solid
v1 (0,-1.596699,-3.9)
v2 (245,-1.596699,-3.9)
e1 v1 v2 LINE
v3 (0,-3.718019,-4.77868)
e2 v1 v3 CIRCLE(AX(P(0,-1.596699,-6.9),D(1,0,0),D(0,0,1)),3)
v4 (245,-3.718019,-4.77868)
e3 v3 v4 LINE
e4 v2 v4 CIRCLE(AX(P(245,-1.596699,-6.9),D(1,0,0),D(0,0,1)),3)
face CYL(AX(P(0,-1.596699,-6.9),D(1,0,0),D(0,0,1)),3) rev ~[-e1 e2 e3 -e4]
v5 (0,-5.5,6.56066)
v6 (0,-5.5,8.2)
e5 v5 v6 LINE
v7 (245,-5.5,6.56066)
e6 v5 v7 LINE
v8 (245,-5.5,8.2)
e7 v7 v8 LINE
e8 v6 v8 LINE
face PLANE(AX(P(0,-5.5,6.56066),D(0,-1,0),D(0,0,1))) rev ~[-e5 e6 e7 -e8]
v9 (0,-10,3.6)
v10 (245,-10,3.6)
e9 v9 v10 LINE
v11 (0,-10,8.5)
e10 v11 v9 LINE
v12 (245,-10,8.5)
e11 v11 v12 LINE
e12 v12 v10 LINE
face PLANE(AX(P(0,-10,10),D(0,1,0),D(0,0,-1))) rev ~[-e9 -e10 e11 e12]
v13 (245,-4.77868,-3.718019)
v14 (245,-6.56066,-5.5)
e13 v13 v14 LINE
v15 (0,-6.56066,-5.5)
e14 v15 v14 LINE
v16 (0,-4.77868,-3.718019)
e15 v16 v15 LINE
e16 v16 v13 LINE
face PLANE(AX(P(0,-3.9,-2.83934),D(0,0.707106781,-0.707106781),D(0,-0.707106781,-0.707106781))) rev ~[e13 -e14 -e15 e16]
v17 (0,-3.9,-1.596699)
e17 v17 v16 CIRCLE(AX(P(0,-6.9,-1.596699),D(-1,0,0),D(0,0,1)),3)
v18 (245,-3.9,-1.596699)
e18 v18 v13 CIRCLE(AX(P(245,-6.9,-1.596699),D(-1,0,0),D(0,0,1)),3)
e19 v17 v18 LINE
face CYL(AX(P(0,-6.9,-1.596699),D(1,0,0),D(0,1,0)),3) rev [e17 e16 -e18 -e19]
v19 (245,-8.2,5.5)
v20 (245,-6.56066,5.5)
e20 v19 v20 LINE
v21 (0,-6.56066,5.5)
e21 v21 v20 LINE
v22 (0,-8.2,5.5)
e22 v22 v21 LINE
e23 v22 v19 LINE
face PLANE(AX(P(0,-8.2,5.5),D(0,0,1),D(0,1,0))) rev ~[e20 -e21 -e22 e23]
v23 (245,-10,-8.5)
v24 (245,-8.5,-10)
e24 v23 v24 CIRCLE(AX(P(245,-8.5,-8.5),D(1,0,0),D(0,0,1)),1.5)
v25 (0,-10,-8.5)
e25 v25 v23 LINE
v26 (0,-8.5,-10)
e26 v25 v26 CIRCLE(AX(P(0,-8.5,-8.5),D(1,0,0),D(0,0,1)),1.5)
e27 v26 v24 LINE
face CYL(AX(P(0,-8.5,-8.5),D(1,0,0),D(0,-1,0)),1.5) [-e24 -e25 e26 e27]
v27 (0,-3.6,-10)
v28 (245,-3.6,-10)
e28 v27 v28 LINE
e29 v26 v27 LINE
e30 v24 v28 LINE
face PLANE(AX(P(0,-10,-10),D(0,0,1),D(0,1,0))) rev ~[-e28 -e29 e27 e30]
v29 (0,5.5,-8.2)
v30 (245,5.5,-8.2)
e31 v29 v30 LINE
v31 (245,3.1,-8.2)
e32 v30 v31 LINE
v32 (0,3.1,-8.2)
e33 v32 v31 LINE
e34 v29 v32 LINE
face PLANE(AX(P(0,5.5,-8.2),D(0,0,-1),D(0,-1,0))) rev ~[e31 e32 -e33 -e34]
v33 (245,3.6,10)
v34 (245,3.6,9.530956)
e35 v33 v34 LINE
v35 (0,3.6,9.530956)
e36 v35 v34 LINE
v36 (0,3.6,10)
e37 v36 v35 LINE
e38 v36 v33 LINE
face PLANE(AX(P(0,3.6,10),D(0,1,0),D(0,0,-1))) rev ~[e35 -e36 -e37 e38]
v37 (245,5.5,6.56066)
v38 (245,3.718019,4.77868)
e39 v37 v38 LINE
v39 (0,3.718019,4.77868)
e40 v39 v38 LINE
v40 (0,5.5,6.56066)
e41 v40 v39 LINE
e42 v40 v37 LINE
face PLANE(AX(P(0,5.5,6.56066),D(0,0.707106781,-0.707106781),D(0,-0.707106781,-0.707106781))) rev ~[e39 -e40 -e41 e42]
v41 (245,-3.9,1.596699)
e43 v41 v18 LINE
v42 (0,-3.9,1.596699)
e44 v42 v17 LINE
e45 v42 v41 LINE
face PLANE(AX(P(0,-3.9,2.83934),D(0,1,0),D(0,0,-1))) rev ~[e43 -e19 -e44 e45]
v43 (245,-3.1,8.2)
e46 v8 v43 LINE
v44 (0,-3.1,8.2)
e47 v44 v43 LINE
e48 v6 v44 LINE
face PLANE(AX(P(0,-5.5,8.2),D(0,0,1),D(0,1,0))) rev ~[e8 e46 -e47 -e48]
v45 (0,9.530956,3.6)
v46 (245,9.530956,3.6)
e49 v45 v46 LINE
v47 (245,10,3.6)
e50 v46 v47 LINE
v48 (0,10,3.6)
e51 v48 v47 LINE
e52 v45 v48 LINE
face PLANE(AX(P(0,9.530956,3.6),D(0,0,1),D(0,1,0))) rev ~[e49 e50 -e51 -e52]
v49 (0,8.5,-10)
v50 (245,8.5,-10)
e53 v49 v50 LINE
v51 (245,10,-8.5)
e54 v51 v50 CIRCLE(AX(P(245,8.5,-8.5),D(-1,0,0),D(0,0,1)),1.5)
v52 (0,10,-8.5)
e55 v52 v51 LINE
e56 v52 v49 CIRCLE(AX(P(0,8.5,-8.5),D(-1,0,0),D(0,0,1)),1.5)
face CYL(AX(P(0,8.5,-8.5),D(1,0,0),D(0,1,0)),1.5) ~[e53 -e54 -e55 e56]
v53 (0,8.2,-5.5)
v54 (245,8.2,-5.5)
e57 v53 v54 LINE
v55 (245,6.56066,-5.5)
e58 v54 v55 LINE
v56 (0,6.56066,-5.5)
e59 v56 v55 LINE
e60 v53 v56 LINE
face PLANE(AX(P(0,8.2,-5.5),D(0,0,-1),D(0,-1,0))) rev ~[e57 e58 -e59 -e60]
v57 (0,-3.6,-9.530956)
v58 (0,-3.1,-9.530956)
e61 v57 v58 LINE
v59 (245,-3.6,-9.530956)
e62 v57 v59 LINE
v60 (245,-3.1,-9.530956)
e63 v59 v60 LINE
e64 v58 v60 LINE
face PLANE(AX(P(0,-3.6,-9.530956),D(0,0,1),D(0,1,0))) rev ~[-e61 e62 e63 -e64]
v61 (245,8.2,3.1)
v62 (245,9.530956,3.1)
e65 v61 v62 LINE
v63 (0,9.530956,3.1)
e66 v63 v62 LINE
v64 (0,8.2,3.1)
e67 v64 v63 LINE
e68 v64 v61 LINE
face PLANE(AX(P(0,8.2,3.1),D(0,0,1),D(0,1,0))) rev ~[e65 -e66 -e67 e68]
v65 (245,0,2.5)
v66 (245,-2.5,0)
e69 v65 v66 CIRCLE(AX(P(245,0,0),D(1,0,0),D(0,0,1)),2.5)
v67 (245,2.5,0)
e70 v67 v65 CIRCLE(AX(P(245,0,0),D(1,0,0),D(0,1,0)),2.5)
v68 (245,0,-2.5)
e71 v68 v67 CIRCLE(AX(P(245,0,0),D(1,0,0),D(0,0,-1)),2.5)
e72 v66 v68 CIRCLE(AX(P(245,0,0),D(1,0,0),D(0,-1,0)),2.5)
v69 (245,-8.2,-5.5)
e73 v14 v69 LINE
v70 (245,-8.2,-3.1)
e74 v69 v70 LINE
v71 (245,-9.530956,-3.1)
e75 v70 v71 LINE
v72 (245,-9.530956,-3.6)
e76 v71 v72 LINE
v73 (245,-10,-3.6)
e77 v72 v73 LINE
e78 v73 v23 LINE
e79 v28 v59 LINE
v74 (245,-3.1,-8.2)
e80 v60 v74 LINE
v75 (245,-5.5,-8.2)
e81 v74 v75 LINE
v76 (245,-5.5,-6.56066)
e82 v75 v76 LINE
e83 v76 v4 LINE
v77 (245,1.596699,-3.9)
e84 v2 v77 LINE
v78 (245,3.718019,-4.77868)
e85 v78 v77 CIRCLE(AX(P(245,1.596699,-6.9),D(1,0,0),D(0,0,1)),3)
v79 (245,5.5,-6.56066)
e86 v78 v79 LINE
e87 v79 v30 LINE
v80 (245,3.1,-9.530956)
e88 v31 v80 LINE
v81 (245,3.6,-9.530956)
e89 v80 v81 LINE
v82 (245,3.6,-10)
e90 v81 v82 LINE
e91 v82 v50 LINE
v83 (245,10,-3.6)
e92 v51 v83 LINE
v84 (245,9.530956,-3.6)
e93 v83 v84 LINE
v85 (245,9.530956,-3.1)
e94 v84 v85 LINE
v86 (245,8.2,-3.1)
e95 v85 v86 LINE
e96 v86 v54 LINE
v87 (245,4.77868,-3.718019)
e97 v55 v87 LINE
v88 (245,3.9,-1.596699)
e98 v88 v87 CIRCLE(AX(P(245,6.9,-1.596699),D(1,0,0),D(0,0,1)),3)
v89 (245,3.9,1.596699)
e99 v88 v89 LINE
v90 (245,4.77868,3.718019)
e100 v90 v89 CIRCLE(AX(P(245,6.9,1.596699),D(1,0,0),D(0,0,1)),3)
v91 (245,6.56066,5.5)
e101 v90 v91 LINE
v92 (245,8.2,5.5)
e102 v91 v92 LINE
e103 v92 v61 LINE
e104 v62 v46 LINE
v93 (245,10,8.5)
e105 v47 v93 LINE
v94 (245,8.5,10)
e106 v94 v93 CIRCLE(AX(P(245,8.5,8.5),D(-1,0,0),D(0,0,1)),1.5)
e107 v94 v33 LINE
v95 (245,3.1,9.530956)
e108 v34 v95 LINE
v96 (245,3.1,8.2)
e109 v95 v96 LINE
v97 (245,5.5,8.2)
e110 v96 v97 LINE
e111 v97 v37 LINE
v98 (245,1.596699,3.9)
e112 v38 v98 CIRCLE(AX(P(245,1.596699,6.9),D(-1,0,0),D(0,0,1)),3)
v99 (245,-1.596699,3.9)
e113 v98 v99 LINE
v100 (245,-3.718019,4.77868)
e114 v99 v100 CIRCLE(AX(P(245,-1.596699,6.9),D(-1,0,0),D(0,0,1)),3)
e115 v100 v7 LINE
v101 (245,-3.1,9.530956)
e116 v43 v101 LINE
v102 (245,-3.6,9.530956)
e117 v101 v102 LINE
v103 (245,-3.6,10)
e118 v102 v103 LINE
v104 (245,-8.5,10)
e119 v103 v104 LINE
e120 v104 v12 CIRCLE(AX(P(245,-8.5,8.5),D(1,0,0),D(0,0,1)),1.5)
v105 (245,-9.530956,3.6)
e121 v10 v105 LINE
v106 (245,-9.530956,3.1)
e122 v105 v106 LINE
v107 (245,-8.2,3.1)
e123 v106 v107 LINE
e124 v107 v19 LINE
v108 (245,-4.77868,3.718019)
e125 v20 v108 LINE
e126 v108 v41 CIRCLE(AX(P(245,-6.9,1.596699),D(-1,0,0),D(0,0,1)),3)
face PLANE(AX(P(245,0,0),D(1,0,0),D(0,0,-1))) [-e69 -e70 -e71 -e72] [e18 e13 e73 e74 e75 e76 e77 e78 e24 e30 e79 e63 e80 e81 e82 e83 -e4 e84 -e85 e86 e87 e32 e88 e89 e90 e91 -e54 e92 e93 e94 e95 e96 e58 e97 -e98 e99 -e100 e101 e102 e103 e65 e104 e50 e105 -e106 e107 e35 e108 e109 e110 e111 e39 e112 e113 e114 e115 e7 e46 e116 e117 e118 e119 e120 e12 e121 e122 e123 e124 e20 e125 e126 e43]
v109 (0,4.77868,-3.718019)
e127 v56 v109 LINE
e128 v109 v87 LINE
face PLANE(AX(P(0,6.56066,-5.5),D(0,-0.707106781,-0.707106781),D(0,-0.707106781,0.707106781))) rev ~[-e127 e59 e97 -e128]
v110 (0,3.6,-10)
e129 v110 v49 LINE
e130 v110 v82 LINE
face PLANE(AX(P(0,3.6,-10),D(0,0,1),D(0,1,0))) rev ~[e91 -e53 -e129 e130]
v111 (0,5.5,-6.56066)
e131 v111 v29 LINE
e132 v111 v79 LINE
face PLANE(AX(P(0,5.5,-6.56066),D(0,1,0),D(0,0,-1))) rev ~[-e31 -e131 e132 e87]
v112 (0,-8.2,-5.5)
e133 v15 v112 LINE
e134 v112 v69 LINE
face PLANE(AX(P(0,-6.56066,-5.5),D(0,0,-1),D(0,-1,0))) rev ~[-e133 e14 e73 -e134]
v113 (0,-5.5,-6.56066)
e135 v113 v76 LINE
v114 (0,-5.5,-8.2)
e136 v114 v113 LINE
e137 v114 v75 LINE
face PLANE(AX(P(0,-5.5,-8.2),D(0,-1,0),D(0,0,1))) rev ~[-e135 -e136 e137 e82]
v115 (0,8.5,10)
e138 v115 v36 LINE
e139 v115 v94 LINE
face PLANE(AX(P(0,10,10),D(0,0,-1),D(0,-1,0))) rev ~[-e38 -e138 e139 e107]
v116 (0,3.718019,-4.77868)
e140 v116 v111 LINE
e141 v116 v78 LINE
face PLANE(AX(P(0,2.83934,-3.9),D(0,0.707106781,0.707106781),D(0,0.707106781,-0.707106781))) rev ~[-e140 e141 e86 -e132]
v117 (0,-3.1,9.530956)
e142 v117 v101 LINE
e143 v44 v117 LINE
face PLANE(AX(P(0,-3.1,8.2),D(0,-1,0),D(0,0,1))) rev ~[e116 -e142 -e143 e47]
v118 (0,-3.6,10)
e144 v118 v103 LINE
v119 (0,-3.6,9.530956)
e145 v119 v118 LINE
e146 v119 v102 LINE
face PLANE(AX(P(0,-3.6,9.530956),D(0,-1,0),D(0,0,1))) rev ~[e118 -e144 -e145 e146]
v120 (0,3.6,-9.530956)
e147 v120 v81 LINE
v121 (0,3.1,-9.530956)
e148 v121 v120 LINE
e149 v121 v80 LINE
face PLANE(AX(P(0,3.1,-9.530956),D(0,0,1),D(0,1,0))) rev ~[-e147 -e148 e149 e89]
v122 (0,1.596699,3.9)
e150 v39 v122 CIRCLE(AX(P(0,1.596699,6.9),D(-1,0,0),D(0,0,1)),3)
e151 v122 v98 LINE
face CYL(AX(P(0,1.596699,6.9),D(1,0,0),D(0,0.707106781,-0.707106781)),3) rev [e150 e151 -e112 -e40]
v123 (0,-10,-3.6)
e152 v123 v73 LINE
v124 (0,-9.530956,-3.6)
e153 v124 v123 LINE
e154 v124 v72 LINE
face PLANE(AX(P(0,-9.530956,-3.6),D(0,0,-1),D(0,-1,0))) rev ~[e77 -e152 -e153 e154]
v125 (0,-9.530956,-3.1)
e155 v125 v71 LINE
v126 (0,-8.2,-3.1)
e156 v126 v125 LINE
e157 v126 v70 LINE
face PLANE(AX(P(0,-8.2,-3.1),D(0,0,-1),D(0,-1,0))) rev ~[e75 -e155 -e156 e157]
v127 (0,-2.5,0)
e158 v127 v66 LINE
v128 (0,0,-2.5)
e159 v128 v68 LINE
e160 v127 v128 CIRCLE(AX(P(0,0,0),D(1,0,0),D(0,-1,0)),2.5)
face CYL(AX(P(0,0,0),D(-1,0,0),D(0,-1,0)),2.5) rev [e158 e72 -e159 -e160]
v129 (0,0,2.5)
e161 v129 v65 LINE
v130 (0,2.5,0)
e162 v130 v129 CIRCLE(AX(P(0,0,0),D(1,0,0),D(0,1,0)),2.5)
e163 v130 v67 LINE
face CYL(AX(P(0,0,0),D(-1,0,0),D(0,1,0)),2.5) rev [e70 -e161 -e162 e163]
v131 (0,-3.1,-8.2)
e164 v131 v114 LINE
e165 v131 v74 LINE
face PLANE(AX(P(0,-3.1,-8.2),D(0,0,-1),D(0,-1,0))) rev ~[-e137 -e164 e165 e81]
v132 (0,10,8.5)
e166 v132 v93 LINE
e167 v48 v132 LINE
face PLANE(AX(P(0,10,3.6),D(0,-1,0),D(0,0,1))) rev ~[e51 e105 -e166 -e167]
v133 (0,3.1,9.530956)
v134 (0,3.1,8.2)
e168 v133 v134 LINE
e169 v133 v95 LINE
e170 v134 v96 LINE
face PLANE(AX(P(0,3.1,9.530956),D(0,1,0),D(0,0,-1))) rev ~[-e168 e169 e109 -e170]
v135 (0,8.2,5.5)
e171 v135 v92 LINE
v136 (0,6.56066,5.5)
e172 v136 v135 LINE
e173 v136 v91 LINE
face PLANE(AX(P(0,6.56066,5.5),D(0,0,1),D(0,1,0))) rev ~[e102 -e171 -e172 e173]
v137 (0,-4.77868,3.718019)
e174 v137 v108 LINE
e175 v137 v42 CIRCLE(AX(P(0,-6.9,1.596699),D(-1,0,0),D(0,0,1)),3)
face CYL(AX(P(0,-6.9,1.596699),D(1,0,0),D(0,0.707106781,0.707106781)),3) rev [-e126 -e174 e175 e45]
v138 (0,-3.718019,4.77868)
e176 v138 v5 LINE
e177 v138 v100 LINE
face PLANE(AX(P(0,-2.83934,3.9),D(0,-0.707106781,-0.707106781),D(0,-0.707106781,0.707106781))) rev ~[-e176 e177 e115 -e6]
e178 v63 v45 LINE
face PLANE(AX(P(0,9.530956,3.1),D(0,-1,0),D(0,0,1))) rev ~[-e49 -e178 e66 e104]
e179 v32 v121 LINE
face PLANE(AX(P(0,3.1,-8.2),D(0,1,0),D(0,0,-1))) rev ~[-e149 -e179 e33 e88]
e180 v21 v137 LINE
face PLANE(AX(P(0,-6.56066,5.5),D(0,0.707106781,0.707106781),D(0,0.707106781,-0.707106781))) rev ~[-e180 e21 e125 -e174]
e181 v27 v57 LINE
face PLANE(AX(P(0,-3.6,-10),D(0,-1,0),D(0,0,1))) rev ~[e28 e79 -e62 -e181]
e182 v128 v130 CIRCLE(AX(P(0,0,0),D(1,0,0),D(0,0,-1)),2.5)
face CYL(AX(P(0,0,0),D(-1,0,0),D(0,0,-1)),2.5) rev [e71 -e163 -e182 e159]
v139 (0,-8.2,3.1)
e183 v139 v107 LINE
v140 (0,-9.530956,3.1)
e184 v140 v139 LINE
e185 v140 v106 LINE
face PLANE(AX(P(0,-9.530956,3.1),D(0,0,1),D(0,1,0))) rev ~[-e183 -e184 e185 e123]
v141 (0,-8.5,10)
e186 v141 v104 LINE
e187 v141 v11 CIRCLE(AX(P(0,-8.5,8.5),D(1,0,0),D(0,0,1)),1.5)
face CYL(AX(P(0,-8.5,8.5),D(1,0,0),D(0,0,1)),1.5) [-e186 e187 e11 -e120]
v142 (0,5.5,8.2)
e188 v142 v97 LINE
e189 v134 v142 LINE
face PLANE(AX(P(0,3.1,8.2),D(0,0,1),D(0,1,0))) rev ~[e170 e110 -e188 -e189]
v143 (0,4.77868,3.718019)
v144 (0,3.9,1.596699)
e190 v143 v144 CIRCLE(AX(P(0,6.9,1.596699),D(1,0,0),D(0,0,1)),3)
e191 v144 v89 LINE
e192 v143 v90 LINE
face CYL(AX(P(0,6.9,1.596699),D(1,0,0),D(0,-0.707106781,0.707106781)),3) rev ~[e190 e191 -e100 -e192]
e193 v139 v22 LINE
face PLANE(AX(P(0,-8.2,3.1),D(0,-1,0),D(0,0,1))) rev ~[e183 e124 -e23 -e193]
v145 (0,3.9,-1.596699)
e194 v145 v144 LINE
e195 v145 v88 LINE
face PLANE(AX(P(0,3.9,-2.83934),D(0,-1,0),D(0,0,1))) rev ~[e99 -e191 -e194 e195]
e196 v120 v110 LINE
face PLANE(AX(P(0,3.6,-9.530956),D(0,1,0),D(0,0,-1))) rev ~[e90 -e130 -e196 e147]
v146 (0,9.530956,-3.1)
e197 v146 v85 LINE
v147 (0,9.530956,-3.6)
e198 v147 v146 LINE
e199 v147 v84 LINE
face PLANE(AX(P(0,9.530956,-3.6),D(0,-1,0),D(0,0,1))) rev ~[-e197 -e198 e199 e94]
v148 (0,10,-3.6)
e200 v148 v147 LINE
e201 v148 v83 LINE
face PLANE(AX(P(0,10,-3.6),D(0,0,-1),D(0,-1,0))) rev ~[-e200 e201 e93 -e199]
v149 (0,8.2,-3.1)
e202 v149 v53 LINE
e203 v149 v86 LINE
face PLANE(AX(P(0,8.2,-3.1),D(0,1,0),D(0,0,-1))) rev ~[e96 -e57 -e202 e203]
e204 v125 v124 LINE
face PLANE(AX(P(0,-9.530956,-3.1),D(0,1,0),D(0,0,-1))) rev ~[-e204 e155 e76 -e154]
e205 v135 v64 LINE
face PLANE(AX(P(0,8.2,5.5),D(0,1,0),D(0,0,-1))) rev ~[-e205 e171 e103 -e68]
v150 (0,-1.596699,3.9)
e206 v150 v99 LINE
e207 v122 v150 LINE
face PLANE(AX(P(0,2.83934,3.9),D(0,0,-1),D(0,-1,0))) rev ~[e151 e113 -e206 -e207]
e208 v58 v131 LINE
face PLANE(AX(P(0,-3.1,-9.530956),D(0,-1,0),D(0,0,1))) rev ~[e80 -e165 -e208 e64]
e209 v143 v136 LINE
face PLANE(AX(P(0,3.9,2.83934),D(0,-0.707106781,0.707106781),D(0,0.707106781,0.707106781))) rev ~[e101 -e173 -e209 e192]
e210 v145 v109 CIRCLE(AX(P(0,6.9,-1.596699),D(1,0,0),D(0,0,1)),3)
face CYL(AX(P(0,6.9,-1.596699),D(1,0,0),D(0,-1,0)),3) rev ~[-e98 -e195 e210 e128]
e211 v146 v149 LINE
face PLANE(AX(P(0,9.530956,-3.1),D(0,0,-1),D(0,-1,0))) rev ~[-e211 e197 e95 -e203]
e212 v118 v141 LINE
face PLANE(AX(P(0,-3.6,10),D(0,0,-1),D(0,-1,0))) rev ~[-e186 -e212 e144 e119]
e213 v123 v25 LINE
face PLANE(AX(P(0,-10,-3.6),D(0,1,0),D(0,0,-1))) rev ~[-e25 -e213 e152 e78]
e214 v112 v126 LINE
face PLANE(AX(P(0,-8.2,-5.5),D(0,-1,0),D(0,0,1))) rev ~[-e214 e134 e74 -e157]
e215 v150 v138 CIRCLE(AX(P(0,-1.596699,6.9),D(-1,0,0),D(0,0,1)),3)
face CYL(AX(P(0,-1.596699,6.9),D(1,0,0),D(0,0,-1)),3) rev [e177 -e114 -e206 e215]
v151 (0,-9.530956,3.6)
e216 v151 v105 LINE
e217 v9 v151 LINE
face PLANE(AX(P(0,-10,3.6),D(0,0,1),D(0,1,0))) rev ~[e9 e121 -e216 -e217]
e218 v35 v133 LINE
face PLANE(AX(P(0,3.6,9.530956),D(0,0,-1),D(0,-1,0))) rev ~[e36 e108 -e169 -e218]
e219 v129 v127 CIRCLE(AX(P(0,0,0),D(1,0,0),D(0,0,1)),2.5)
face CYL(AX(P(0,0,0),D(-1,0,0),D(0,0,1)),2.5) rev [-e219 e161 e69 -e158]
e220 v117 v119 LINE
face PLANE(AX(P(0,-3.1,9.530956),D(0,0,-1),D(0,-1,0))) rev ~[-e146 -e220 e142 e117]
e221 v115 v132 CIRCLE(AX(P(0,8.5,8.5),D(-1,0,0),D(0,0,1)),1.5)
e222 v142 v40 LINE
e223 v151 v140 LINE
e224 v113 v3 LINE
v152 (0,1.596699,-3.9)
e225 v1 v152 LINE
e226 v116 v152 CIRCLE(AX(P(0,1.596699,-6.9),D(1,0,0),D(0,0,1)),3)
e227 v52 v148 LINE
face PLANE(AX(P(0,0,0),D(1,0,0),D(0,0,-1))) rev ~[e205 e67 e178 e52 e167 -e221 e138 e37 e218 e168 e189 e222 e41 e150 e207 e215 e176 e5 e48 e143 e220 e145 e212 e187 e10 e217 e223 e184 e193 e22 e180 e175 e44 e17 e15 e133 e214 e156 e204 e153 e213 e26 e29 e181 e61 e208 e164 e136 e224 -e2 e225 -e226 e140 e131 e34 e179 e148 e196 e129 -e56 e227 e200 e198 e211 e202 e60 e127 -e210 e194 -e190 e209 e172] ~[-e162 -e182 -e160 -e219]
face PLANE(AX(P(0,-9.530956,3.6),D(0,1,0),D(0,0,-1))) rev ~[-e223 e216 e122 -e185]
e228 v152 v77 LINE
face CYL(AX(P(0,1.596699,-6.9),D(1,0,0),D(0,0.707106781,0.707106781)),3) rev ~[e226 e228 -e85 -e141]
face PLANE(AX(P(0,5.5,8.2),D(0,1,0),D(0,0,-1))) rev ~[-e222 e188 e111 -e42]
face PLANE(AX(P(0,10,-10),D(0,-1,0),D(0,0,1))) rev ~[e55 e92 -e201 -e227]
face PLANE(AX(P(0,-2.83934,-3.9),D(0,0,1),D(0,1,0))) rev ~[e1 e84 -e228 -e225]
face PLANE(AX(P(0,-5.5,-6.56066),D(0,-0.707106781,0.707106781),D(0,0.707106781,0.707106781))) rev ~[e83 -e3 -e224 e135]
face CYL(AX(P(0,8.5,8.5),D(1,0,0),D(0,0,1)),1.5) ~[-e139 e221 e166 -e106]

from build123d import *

# Parameters (mm, degrees)
EXTRUDE_1_DEPTH = 245
FILLET_1_R      = 1.5
FILLET_2_R      = 3


with BuildPart() as part:
    # 草图1 → 凸台-拉伸1 (new body)
    with BuildSketch(Plane(origin=(0, 0, 0), x_dir=(0, 0, -1), z_dir=(1, 0, 0))):
        Polygon((-10, 10), (-10, 3.6), (-9.530955747, 3.6), (-9.530955747, 3.1), (-8.2, 3.1), (-8.2, 5.5), (-6.560660172, 5.5), (-3.9, 2.839339828), (-3.9, 0), (-3.9, -2.839339828), (-6.560660172, -5.5), (-8.2, -5.5), (-8.2, -3.1), (-9.530955747, -3.1), (-9.530955747, -3.6), (-10, -3.6), (-10, -10), (-3.6, -10), (-3.6, -9.530955747), (-3.1, -9.530955747), (-3.1, -8.2), (-5.5, -8.2), (-5.5, -6.560660172), (-2.839339828, -3.9), (0, -3.9), (2.839339828, -3.9), (5.5, -6.560660172), (5.5, -8.2), (3.1, -8.2), (3.1, -9.530955747), (3.6, -9.530955747), (3.6, -10), (10, -10), (10, -3.6), (9.530955747, -3.6), (9.530955747, -3.1), (8.2, -3.1), (8.2, -5.5), (6.560660172, -5.5), (3.9, -2.839339828), (3.9, 0), (3.9, 2.839339828), (6.560660172, 5.5), (8.2, 5.5), (8.2, 3.1), (9.530955747, 3.1), (9.530955747, 3.6), (10, 3.6), (10, 10), (3.6, 10), (3.6, 9.530955747), (3.1, 9.530955747), (3.1, 8.2), (5.5, 8.2), (5.5, 6.560660172), (2.839339828, 3.9), (0, 3.9), (-2.839339828, 3.9), (-5.5, 6.560660172), (-5.5, 8.2), (-3.1, 8.2), (-3.1, 9.530955747), (-3.6, 9.530955747), (-3.6, 10), align=None)
        with BuildLine():
            ThreePointArc((0, 2.5), (-1.767766953, 1.767766953), (-2.5, 0))
            ThreePointArc((-2.5, 0), (-1.767766953, -1.767766953), (0, -2.5))
            ThreePointArc((0, -2.5), (1.767766953, -1.767766953), (2.5, 0))
            ThreePointArc((2.5, 0), (1.767766953, 1.767766953), (0, 2.5))
        make_face(mode=Mode.SUBTRACT)
    extrude(amount=EXTRUDE_1_DEPTH)

    # 圆角1
    fillet_1_edges = [part.edges().sort_by_distance(p)[0] for p in [
        (122.5, -10, -10),
        (122.5, -10, 10),
        (122.5, 10, 10),
        (122.5, 10, -10),
    ]]
    fillet(fillet_1_edges, radius=FILLET_1_R)

    # 圆角2
    fillet_2_edges = [part.edges().sort_by_distance(p)[0] for p in [
        (122.5, -3.9, -2.839339828),
        (122.5, -3.9, 2.839339828),
        (122.5, -2.839339828, 3.9),
        (122.5, 2.839339828, 3.9),
        (122.5, 3.9, 2.839339828),
        (122.5, 3.9, -2.839339828),
        (122.5, 2.839339828, -3.9),
        (122.5, -2.839339828, -3.9),
    ]]
    fillet(fillet_2_edges, radius=FILLET_2_R)


solid = part.part
